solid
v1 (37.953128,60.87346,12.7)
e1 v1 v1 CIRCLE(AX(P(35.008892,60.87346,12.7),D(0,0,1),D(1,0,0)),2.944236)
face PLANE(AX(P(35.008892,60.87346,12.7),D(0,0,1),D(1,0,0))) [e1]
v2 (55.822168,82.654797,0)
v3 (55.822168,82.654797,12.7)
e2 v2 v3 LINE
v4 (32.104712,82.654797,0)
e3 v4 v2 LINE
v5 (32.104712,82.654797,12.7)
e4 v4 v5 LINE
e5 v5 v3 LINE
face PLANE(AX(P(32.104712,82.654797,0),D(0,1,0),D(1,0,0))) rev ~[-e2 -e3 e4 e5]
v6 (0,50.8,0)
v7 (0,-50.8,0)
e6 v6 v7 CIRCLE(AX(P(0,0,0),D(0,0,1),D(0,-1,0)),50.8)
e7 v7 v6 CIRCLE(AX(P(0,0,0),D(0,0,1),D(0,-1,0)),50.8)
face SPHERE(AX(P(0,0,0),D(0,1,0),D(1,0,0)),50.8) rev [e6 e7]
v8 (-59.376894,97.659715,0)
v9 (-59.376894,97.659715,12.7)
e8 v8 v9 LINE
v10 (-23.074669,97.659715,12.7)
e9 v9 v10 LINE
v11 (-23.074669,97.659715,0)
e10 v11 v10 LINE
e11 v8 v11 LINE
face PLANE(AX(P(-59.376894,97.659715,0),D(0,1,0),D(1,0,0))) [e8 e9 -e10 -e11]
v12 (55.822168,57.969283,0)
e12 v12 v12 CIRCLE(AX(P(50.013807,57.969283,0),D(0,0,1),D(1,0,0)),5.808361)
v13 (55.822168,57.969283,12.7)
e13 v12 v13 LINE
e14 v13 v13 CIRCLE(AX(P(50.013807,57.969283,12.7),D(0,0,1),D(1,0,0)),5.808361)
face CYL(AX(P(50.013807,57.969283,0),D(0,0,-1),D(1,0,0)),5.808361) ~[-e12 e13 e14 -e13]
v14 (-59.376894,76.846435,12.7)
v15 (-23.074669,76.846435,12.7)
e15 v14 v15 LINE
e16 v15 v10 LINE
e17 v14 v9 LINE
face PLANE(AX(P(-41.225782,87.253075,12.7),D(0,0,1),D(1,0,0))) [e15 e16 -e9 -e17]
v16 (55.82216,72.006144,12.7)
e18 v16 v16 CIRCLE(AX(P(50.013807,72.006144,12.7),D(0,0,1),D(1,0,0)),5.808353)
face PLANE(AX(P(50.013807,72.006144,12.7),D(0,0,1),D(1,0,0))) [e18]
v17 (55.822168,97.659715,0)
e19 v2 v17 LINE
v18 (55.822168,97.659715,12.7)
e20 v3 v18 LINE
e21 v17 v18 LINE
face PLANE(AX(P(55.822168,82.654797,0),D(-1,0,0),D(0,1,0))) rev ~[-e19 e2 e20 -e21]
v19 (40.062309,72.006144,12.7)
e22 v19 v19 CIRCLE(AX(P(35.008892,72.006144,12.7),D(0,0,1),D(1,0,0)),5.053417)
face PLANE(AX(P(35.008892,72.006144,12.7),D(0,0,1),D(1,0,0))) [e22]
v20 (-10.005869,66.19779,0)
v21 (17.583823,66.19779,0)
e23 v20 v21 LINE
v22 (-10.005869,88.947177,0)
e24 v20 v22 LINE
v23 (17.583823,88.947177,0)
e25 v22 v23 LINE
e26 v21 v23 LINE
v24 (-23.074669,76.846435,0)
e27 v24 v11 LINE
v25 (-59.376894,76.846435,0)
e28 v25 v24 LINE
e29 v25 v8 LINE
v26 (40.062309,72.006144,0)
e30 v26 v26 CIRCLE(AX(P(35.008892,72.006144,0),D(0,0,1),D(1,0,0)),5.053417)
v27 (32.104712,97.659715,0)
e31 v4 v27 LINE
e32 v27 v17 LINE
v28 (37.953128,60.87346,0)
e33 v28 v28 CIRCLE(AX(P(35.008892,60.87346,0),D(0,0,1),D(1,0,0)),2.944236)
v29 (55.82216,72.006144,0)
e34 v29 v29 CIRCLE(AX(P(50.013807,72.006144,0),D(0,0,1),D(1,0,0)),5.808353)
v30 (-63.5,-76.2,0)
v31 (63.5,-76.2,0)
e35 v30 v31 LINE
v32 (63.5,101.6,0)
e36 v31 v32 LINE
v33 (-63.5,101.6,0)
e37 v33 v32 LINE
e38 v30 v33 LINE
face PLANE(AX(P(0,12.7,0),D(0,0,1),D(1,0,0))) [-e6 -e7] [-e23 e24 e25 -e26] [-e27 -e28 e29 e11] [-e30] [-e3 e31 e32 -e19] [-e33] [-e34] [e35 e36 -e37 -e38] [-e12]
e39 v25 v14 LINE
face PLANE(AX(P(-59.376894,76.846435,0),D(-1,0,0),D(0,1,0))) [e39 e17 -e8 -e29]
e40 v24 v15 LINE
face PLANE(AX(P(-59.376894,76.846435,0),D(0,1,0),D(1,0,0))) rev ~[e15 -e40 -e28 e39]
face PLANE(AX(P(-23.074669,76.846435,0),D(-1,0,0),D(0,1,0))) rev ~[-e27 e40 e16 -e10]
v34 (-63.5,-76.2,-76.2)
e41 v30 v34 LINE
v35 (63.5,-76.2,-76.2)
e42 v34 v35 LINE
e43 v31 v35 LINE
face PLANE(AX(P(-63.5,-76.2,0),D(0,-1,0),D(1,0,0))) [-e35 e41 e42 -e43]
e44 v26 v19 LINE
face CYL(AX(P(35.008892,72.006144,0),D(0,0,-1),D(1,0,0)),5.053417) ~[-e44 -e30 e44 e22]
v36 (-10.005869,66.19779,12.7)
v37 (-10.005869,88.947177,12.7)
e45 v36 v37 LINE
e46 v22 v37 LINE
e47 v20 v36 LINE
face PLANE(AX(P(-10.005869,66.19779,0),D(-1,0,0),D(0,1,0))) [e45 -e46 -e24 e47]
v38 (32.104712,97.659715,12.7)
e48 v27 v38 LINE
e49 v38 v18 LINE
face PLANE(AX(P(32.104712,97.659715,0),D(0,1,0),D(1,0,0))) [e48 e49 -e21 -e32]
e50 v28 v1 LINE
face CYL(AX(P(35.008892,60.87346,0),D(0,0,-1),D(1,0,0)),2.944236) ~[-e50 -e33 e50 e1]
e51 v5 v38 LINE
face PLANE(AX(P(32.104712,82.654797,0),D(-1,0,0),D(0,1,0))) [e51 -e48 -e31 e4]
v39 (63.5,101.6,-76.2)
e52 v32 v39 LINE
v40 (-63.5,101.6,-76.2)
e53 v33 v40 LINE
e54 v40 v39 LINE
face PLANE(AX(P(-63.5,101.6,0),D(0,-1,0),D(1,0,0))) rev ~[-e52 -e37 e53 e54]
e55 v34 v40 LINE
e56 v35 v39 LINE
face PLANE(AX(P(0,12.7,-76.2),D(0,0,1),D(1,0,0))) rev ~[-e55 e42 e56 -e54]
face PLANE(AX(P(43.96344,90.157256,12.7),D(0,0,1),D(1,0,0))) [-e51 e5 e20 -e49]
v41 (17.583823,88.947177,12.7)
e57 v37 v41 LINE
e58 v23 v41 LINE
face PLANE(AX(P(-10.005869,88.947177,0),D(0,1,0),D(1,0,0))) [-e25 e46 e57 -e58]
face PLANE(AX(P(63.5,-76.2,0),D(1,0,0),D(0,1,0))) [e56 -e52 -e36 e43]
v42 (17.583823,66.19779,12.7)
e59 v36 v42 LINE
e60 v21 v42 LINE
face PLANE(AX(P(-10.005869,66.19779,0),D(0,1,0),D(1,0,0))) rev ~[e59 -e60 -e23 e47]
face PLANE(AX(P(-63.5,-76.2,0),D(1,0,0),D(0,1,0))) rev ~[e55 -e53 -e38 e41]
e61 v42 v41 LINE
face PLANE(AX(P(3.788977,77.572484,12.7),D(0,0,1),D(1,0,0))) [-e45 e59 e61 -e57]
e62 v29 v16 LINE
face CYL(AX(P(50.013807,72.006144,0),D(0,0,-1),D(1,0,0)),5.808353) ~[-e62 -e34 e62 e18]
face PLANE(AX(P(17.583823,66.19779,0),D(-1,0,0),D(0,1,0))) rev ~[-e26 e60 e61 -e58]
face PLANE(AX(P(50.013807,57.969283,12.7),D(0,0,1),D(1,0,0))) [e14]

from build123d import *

# Parameters (mm, degrees)
F0_W     = 127
F0_H     = 177.8
F1_DEPTH = 76.2
F4_W     = 36.302225
F4_H     = 20.813279
F4_W_2   = 27.589691
F4_H_2   = 22.749387
F4_W_3   = 23.717456
F4_H_3   = 15.004918
F4_R     = 5.053417
F4_R_2   = 5.808353
F4_R_3   = 2.944236
F4_R_4   = 5.808361
F5_DEPTH = 12.7


with BuildPart() as f1:
    # F0 (on Top) → F1 (new body)
    with BuildSketch(Plane.XY):
        with Locations((0, 12.7)):
            Rectangle(F0_W, F0_H)
    extrude(amount=-F1_DEPTH)

    # F2 (on face) → F3 (revolve, cut)
    with BuildSketch(Plane.XY):
        with BuildLine():
            Line((0, 50.8), (0, -50.8))
            ThreePointArc((0, -50.8), (50.8, 0), (0, 50.8))
        make_face()
    revolve(axis=Axis((0, 0, 0), (0, -1, 0)), mode=Mode.SUBTRACT)

    # F4 (on face) → F5 (join)
    with BuildSketch(Plane.XY):
        with Locations((-41.225782, 87.253075)):
            Rectangle(F4_W, F4_H)
        with Locations((3.788977, 77.572484)):
            Rectangle(F4_W_2, F4_H_2)
        with Locations((43.96344, 90.157256)):
            Rectangle(F4_W_3, F4_H_3)
        with Locations((35.008892, 72.006144)):
            Circle(F4_R)
        with Locations((50.013807, 72.006144)):
            Circle(F4_R_2)
        with Locations((35.008892, 60.87346)):
            Circle(F4_R_3)
        with Locations((50.013807, 57.969283)):
            Circle(F4_R_4)
    extrude(amount=F5_DEPTH)


solid = f1.part
